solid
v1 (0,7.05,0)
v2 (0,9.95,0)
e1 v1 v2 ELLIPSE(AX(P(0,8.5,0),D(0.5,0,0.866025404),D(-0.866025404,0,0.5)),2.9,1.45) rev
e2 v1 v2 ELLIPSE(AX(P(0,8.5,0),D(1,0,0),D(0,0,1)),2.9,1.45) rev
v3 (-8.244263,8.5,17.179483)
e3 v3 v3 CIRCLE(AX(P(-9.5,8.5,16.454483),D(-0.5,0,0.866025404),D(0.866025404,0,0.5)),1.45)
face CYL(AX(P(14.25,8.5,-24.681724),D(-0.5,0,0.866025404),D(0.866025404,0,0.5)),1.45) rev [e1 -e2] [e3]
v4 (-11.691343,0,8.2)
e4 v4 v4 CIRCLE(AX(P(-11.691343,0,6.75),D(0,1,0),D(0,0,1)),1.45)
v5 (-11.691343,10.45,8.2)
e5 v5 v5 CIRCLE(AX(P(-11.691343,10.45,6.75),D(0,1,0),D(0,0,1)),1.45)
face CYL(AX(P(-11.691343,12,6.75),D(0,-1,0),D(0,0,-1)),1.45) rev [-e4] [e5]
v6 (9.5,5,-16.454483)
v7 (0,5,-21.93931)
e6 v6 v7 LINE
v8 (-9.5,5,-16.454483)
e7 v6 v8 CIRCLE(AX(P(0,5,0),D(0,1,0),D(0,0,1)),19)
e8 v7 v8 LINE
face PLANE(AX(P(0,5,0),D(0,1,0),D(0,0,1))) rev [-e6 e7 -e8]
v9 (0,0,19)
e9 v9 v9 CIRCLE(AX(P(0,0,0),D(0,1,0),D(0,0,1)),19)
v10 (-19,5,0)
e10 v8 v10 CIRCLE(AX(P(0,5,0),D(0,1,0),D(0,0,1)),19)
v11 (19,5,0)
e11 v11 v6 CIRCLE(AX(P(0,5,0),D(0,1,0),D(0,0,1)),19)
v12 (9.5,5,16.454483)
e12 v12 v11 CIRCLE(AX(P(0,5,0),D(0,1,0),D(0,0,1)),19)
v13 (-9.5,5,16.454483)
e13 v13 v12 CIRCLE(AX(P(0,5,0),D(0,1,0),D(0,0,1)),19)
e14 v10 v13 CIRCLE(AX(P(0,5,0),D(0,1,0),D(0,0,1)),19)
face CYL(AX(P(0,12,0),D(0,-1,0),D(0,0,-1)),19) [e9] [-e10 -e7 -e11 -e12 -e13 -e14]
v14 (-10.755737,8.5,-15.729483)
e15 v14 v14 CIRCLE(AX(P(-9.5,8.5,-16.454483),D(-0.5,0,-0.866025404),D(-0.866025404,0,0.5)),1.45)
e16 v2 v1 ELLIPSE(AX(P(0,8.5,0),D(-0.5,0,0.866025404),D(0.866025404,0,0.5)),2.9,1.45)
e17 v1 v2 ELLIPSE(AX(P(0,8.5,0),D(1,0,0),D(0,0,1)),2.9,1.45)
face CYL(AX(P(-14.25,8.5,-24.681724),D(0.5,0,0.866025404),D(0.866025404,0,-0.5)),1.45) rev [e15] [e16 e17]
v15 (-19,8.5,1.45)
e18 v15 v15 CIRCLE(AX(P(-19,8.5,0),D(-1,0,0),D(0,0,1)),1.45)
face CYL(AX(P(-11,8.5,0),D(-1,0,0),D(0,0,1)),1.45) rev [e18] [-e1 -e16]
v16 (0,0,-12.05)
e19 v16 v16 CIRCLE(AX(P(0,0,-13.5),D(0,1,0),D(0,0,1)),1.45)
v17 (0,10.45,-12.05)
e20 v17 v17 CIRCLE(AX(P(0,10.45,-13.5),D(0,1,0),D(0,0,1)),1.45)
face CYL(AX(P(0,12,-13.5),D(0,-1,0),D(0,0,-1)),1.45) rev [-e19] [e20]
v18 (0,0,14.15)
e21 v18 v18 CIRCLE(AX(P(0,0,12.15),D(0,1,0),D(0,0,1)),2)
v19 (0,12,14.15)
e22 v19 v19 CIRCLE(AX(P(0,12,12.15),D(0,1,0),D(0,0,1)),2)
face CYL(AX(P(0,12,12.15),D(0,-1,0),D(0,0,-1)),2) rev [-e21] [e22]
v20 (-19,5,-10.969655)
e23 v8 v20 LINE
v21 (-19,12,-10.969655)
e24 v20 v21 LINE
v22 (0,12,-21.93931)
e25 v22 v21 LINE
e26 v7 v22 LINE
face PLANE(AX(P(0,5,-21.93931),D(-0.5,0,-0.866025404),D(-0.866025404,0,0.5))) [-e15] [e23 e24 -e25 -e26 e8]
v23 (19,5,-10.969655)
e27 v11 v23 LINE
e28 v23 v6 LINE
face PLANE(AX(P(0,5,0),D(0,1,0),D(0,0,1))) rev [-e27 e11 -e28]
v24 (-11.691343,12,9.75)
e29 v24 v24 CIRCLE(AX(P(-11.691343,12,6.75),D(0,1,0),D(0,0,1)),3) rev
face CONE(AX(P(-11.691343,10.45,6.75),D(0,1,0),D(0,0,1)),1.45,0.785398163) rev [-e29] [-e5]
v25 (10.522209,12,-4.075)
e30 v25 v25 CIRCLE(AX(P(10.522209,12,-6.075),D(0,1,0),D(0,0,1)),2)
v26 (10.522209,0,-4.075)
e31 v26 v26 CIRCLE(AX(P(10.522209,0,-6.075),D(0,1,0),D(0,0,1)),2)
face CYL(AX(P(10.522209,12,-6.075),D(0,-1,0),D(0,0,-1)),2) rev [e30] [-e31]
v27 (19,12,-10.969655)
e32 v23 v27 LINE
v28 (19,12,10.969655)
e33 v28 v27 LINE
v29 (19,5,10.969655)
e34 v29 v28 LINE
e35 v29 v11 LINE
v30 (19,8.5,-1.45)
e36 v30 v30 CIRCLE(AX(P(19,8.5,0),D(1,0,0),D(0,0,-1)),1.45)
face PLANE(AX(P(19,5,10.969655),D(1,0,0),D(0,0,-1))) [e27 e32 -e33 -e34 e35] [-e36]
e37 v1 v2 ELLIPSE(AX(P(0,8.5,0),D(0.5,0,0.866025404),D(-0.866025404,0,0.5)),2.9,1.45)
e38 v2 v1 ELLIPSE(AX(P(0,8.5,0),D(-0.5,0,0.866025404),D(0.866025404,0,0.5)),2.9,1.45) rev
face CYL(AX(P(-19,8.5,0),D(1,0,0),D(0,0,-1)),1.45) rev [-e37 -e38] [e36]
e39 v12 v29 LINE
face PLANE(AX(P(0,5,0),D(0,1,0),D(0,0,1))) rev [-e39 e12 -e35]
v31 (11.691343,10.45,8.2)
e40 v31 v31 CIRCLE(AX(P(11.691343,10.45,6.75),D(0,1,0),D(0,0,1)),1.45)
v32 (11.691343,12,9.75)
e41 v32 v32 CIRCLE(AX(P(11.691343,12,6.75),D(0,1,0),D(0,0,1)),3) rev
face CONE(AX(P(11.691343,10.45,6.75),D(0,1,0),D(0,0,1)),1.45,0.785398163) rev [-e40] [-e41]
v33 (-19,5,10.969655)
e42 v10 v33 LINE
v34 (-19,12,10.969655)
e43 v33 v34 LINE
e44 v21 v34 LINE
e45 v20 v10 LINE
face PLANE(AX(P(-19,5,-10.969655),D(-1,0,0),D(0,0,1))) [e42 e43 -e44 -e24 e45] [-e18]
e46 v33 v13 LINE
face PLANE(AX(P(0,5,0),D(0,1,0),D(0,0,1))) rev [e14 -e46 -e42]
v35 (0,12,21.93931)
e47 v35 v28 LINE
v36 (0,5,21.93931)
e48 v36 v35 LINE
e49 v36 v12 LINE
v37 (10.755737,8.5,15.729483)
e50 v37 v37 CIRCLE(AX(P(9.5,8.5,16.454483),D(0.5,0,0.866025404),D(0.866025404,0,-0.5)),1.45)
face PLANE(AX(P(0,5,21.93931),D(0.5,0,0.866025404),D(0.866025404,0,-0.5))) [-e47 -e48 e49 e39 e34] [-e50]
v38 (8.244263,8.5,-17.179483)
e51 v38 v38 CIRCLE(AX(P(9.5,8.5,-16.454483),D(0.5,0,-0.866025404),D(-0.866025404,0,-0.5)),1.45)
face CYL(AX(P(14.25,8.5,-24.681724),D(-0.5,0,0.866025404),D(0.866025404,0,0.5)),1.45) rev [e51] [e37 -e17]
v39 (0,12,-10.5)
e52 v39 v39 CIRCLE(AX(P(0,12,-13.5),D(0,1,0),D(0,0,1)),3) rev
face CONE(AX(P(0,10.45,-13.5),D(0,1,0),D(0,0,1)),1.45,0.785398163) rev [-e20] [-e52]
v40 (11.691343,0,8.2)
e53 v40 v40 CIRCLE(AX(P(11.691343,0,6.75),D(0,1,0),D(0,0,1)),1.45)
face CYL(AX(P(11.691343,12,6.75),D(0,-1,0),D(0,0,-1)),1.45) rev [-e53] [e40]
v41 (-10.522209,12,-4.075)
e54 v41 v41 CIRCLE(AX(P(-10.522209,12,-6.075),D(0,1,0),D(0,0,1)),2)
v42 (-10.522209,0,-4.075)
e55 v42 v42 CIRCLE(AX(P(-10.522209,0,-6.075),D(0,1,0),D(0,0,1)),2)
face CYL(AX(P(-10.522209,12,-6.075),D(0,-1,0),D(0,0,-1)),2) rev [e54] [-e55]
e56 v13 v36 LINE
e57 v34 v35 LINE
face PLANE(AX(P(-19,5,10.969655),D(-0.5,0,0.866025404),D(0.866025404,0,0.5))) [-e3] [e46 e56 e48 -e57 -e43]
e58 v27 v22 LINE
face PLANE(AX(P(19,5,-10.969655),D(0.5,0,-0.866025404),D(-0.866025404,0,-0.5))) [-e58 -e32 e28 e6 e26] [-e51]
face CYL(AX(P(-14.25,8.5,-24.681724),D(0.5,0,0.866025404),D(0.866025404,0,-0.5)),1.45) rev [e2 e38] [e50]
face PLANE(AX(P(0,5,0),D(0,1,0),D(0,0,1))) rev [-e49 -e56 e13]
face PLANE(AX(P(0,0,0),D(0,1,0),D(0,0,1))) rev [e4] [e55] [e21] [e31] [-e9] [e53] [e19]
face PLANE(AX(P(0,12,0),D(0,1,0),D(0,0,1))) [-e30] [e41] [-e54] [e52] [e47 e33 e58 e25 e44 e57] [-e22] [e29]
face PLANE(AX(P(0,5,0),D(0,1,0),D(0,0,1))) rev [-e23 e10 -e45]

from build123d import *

# Parameters (mm, degrees)
SKETCH_1_R          = 19
SKETCH_1_R_2        = 1.45
SKETCH_1_R_3        = 2
EXTRUDE_1_DEPTH     = 12
SKETCH_2_R          = 1.45
SKETCH_2_R_2        = 2
EXTRUDE_2_DEPTH     = 7
SKETCH_3_R          = 1.45
CUT_EXTRUDE_1_DEPTH = 50.298411063
SKETCH_4_R          = 1.45
CUT_EXTRUDE_2_DEPTH = 50.298411063
SKETCH_5_R          = 1.45
CUT_EXTRUDE_3_DEPTH = 8
SKETCH_6_R          = 1.45
CUT_EXTRUDE_4_DEPTH = 46.489925625
CHAMFER_1_SIZE      = 1.55


with BuildPart() as part:
    # 草图1 → 凸台-拉伸1 (new body)
    with BuildSketch(Plane(origin=(0, 0, 0), x_dir=(1, 0, 0), z_dir=(0, 1, 0))):
        with Locations(Location((0, 0, 0), (0, 0, 270))):
            Circle(SKETCH_1_R)
        with Locations(Location((0, 13.5, 0), (0, 0, 270))):
            Circle(SKETCH_1_R_2, mode=Mode.SUBTRACT)
        with Locations(Location((-11.691342951, -6.75, 0), (0, 0, 270))):
            Circle(SKETCH_1_R_2, mode=Mode.SUBTRACT)
        with Locations(Location((11.691342951, -6.75, 0), (0, 0, 270))):
            Circle(SKETCH_1_R_2, mode=Mode.SUBTRACT)
        with Locations(Location((-10.522208656, 6.075, 0), (0, 0, 270))):
            Circle(SKETCH_1_R_3, mode=Mode.SUBTRACT)
        with Locations(Location((0, -12.15, 0), (0, 0, 270))):
            Circle(SKETCH_1_R_3, mode=Mode.SUBTRACT)
        with Locations(Location((10.522208656, 6.075, 0), (0, 0, 270))):
            Circle(SKETCH_1_R_3, mode=Mode.SUBTRACT)
    extrude(amount=EXTRUDE_1_DEPTH)

    # 草图2 → 凸台-拉伸2 (add)
    with BuildSketch(Plane(origin=(0, 12, 0), x_dir=(1, 0, 0), z_dir=(0, 1, 0))):
        Polygon((0, 21.939310229), (-19, 10.969655115), (-19, -10.969655115), (0, -21.939310229), (19, -10.969655115), (19, 10.969655115), align=None)
        with Locations(Location((0, 13.5, 0), (0, 0, 270))):
            Circle(SKETCH_2_R, mode=Mode.SUBTRACT)
        with Locations(Location((-10.522208656, 6.075, 0), (0, 0, 270))):
            Circle(SKETCH_2_R_2, mode=Mode.SUBTRACT)
        with Locations(Location((10.522208656, 6.075, 0), (0, 0, 270))):
            Circle(SKETCH_2_R_2, mode=Mode.SUBTRACT)
        with Locations(Location((-11.691342951, -6.75, 0), (0, 0, 270))):
            Circle(SKETCH_2_R, mode=Mode.SUBTRACT)
        with Locations(Location((0, -12.15, 0), (0, 0, 270))):
            Circle(SKETCH_2_R_2, mode=Mode.SUBTRACT)
        with Locations(Location((11.691342951, -6.75, 0), (0, 0, 270))):
            Circle(SKETCH_2_R, mode=Mode.SUBTRACT)
    extrude(amount=-EXTRUDE_2_DEPTH)

    # 草图3 → 切除-拉伸1 (cut, through all)
    with BuildSketch(Plane(origin=(9.5, 0, 16.454482672), x_dir=(0.8660254037844384, 0, -0.5000000000000004), z_dir=(0.5000000000000004, 0, 0.8660254037844384))):
        with Locations((0, 8.5)):
            Circle(SKETCH_3_R)
    extrude(amount=-CUT_EXTRUDE_1_DEPTH, mode=Mode.SUBTRACT)

    # 草图4 → 切除-拉伸2 (cut, through all)
    with BuildSketch(Plane(origin=(-9.5, 0, 16.454482672), x_dir=(0.8660254037844385, 0, 0.5000000000000004), z_dir=(-0.5000000000000003, 0, 0.8660254037844384))):
        with Locations((0, 8.5)):
            Circle(SKETCH_4_R)
    extrude(amount=-CUT_EXTRUDE_2_DEPTH, mode=Mode.SUBTRACT)

    # 草图5 → 切除-拉伸3 (cut)
    with BuildSketch(Plane.ZY.offset(19)):
        with Locations((0, 8.5)):
            Circle(SKETCH_5_R)
    extrude(amount=-CUT_EXTRUDE_3_DEPTH, mode=Mode.SUBTRACT)

    # 草图6 → 切除-拉伸4 (cut, through all)
    with BuildSketch(Plane(origin=(19, 0, 0), x_dir=(0, 0, -1), z_dir=(1, 0, 0))):
        with Locations(Location((0, 8.5, 0), (0, 0, 180))):
            Circle(SKETCH_6_R)
    extrude(amount=-CUT_EXTRUDE_4_DEPTH, mode=Mode.SUBTRACT)

    # 倒角1
    chamfer_1_edges = [part.edges().sort_by_distance(p)[0] for p in [
        (11.691342951, 12, 5.3),
        (0, 12, -14.95),
        (-11.691342951, 12, 5.3),
    ]]
    chamfer(chamfer_1_edges, length=CHAMFER_1_SIZE)


solid = part.part
